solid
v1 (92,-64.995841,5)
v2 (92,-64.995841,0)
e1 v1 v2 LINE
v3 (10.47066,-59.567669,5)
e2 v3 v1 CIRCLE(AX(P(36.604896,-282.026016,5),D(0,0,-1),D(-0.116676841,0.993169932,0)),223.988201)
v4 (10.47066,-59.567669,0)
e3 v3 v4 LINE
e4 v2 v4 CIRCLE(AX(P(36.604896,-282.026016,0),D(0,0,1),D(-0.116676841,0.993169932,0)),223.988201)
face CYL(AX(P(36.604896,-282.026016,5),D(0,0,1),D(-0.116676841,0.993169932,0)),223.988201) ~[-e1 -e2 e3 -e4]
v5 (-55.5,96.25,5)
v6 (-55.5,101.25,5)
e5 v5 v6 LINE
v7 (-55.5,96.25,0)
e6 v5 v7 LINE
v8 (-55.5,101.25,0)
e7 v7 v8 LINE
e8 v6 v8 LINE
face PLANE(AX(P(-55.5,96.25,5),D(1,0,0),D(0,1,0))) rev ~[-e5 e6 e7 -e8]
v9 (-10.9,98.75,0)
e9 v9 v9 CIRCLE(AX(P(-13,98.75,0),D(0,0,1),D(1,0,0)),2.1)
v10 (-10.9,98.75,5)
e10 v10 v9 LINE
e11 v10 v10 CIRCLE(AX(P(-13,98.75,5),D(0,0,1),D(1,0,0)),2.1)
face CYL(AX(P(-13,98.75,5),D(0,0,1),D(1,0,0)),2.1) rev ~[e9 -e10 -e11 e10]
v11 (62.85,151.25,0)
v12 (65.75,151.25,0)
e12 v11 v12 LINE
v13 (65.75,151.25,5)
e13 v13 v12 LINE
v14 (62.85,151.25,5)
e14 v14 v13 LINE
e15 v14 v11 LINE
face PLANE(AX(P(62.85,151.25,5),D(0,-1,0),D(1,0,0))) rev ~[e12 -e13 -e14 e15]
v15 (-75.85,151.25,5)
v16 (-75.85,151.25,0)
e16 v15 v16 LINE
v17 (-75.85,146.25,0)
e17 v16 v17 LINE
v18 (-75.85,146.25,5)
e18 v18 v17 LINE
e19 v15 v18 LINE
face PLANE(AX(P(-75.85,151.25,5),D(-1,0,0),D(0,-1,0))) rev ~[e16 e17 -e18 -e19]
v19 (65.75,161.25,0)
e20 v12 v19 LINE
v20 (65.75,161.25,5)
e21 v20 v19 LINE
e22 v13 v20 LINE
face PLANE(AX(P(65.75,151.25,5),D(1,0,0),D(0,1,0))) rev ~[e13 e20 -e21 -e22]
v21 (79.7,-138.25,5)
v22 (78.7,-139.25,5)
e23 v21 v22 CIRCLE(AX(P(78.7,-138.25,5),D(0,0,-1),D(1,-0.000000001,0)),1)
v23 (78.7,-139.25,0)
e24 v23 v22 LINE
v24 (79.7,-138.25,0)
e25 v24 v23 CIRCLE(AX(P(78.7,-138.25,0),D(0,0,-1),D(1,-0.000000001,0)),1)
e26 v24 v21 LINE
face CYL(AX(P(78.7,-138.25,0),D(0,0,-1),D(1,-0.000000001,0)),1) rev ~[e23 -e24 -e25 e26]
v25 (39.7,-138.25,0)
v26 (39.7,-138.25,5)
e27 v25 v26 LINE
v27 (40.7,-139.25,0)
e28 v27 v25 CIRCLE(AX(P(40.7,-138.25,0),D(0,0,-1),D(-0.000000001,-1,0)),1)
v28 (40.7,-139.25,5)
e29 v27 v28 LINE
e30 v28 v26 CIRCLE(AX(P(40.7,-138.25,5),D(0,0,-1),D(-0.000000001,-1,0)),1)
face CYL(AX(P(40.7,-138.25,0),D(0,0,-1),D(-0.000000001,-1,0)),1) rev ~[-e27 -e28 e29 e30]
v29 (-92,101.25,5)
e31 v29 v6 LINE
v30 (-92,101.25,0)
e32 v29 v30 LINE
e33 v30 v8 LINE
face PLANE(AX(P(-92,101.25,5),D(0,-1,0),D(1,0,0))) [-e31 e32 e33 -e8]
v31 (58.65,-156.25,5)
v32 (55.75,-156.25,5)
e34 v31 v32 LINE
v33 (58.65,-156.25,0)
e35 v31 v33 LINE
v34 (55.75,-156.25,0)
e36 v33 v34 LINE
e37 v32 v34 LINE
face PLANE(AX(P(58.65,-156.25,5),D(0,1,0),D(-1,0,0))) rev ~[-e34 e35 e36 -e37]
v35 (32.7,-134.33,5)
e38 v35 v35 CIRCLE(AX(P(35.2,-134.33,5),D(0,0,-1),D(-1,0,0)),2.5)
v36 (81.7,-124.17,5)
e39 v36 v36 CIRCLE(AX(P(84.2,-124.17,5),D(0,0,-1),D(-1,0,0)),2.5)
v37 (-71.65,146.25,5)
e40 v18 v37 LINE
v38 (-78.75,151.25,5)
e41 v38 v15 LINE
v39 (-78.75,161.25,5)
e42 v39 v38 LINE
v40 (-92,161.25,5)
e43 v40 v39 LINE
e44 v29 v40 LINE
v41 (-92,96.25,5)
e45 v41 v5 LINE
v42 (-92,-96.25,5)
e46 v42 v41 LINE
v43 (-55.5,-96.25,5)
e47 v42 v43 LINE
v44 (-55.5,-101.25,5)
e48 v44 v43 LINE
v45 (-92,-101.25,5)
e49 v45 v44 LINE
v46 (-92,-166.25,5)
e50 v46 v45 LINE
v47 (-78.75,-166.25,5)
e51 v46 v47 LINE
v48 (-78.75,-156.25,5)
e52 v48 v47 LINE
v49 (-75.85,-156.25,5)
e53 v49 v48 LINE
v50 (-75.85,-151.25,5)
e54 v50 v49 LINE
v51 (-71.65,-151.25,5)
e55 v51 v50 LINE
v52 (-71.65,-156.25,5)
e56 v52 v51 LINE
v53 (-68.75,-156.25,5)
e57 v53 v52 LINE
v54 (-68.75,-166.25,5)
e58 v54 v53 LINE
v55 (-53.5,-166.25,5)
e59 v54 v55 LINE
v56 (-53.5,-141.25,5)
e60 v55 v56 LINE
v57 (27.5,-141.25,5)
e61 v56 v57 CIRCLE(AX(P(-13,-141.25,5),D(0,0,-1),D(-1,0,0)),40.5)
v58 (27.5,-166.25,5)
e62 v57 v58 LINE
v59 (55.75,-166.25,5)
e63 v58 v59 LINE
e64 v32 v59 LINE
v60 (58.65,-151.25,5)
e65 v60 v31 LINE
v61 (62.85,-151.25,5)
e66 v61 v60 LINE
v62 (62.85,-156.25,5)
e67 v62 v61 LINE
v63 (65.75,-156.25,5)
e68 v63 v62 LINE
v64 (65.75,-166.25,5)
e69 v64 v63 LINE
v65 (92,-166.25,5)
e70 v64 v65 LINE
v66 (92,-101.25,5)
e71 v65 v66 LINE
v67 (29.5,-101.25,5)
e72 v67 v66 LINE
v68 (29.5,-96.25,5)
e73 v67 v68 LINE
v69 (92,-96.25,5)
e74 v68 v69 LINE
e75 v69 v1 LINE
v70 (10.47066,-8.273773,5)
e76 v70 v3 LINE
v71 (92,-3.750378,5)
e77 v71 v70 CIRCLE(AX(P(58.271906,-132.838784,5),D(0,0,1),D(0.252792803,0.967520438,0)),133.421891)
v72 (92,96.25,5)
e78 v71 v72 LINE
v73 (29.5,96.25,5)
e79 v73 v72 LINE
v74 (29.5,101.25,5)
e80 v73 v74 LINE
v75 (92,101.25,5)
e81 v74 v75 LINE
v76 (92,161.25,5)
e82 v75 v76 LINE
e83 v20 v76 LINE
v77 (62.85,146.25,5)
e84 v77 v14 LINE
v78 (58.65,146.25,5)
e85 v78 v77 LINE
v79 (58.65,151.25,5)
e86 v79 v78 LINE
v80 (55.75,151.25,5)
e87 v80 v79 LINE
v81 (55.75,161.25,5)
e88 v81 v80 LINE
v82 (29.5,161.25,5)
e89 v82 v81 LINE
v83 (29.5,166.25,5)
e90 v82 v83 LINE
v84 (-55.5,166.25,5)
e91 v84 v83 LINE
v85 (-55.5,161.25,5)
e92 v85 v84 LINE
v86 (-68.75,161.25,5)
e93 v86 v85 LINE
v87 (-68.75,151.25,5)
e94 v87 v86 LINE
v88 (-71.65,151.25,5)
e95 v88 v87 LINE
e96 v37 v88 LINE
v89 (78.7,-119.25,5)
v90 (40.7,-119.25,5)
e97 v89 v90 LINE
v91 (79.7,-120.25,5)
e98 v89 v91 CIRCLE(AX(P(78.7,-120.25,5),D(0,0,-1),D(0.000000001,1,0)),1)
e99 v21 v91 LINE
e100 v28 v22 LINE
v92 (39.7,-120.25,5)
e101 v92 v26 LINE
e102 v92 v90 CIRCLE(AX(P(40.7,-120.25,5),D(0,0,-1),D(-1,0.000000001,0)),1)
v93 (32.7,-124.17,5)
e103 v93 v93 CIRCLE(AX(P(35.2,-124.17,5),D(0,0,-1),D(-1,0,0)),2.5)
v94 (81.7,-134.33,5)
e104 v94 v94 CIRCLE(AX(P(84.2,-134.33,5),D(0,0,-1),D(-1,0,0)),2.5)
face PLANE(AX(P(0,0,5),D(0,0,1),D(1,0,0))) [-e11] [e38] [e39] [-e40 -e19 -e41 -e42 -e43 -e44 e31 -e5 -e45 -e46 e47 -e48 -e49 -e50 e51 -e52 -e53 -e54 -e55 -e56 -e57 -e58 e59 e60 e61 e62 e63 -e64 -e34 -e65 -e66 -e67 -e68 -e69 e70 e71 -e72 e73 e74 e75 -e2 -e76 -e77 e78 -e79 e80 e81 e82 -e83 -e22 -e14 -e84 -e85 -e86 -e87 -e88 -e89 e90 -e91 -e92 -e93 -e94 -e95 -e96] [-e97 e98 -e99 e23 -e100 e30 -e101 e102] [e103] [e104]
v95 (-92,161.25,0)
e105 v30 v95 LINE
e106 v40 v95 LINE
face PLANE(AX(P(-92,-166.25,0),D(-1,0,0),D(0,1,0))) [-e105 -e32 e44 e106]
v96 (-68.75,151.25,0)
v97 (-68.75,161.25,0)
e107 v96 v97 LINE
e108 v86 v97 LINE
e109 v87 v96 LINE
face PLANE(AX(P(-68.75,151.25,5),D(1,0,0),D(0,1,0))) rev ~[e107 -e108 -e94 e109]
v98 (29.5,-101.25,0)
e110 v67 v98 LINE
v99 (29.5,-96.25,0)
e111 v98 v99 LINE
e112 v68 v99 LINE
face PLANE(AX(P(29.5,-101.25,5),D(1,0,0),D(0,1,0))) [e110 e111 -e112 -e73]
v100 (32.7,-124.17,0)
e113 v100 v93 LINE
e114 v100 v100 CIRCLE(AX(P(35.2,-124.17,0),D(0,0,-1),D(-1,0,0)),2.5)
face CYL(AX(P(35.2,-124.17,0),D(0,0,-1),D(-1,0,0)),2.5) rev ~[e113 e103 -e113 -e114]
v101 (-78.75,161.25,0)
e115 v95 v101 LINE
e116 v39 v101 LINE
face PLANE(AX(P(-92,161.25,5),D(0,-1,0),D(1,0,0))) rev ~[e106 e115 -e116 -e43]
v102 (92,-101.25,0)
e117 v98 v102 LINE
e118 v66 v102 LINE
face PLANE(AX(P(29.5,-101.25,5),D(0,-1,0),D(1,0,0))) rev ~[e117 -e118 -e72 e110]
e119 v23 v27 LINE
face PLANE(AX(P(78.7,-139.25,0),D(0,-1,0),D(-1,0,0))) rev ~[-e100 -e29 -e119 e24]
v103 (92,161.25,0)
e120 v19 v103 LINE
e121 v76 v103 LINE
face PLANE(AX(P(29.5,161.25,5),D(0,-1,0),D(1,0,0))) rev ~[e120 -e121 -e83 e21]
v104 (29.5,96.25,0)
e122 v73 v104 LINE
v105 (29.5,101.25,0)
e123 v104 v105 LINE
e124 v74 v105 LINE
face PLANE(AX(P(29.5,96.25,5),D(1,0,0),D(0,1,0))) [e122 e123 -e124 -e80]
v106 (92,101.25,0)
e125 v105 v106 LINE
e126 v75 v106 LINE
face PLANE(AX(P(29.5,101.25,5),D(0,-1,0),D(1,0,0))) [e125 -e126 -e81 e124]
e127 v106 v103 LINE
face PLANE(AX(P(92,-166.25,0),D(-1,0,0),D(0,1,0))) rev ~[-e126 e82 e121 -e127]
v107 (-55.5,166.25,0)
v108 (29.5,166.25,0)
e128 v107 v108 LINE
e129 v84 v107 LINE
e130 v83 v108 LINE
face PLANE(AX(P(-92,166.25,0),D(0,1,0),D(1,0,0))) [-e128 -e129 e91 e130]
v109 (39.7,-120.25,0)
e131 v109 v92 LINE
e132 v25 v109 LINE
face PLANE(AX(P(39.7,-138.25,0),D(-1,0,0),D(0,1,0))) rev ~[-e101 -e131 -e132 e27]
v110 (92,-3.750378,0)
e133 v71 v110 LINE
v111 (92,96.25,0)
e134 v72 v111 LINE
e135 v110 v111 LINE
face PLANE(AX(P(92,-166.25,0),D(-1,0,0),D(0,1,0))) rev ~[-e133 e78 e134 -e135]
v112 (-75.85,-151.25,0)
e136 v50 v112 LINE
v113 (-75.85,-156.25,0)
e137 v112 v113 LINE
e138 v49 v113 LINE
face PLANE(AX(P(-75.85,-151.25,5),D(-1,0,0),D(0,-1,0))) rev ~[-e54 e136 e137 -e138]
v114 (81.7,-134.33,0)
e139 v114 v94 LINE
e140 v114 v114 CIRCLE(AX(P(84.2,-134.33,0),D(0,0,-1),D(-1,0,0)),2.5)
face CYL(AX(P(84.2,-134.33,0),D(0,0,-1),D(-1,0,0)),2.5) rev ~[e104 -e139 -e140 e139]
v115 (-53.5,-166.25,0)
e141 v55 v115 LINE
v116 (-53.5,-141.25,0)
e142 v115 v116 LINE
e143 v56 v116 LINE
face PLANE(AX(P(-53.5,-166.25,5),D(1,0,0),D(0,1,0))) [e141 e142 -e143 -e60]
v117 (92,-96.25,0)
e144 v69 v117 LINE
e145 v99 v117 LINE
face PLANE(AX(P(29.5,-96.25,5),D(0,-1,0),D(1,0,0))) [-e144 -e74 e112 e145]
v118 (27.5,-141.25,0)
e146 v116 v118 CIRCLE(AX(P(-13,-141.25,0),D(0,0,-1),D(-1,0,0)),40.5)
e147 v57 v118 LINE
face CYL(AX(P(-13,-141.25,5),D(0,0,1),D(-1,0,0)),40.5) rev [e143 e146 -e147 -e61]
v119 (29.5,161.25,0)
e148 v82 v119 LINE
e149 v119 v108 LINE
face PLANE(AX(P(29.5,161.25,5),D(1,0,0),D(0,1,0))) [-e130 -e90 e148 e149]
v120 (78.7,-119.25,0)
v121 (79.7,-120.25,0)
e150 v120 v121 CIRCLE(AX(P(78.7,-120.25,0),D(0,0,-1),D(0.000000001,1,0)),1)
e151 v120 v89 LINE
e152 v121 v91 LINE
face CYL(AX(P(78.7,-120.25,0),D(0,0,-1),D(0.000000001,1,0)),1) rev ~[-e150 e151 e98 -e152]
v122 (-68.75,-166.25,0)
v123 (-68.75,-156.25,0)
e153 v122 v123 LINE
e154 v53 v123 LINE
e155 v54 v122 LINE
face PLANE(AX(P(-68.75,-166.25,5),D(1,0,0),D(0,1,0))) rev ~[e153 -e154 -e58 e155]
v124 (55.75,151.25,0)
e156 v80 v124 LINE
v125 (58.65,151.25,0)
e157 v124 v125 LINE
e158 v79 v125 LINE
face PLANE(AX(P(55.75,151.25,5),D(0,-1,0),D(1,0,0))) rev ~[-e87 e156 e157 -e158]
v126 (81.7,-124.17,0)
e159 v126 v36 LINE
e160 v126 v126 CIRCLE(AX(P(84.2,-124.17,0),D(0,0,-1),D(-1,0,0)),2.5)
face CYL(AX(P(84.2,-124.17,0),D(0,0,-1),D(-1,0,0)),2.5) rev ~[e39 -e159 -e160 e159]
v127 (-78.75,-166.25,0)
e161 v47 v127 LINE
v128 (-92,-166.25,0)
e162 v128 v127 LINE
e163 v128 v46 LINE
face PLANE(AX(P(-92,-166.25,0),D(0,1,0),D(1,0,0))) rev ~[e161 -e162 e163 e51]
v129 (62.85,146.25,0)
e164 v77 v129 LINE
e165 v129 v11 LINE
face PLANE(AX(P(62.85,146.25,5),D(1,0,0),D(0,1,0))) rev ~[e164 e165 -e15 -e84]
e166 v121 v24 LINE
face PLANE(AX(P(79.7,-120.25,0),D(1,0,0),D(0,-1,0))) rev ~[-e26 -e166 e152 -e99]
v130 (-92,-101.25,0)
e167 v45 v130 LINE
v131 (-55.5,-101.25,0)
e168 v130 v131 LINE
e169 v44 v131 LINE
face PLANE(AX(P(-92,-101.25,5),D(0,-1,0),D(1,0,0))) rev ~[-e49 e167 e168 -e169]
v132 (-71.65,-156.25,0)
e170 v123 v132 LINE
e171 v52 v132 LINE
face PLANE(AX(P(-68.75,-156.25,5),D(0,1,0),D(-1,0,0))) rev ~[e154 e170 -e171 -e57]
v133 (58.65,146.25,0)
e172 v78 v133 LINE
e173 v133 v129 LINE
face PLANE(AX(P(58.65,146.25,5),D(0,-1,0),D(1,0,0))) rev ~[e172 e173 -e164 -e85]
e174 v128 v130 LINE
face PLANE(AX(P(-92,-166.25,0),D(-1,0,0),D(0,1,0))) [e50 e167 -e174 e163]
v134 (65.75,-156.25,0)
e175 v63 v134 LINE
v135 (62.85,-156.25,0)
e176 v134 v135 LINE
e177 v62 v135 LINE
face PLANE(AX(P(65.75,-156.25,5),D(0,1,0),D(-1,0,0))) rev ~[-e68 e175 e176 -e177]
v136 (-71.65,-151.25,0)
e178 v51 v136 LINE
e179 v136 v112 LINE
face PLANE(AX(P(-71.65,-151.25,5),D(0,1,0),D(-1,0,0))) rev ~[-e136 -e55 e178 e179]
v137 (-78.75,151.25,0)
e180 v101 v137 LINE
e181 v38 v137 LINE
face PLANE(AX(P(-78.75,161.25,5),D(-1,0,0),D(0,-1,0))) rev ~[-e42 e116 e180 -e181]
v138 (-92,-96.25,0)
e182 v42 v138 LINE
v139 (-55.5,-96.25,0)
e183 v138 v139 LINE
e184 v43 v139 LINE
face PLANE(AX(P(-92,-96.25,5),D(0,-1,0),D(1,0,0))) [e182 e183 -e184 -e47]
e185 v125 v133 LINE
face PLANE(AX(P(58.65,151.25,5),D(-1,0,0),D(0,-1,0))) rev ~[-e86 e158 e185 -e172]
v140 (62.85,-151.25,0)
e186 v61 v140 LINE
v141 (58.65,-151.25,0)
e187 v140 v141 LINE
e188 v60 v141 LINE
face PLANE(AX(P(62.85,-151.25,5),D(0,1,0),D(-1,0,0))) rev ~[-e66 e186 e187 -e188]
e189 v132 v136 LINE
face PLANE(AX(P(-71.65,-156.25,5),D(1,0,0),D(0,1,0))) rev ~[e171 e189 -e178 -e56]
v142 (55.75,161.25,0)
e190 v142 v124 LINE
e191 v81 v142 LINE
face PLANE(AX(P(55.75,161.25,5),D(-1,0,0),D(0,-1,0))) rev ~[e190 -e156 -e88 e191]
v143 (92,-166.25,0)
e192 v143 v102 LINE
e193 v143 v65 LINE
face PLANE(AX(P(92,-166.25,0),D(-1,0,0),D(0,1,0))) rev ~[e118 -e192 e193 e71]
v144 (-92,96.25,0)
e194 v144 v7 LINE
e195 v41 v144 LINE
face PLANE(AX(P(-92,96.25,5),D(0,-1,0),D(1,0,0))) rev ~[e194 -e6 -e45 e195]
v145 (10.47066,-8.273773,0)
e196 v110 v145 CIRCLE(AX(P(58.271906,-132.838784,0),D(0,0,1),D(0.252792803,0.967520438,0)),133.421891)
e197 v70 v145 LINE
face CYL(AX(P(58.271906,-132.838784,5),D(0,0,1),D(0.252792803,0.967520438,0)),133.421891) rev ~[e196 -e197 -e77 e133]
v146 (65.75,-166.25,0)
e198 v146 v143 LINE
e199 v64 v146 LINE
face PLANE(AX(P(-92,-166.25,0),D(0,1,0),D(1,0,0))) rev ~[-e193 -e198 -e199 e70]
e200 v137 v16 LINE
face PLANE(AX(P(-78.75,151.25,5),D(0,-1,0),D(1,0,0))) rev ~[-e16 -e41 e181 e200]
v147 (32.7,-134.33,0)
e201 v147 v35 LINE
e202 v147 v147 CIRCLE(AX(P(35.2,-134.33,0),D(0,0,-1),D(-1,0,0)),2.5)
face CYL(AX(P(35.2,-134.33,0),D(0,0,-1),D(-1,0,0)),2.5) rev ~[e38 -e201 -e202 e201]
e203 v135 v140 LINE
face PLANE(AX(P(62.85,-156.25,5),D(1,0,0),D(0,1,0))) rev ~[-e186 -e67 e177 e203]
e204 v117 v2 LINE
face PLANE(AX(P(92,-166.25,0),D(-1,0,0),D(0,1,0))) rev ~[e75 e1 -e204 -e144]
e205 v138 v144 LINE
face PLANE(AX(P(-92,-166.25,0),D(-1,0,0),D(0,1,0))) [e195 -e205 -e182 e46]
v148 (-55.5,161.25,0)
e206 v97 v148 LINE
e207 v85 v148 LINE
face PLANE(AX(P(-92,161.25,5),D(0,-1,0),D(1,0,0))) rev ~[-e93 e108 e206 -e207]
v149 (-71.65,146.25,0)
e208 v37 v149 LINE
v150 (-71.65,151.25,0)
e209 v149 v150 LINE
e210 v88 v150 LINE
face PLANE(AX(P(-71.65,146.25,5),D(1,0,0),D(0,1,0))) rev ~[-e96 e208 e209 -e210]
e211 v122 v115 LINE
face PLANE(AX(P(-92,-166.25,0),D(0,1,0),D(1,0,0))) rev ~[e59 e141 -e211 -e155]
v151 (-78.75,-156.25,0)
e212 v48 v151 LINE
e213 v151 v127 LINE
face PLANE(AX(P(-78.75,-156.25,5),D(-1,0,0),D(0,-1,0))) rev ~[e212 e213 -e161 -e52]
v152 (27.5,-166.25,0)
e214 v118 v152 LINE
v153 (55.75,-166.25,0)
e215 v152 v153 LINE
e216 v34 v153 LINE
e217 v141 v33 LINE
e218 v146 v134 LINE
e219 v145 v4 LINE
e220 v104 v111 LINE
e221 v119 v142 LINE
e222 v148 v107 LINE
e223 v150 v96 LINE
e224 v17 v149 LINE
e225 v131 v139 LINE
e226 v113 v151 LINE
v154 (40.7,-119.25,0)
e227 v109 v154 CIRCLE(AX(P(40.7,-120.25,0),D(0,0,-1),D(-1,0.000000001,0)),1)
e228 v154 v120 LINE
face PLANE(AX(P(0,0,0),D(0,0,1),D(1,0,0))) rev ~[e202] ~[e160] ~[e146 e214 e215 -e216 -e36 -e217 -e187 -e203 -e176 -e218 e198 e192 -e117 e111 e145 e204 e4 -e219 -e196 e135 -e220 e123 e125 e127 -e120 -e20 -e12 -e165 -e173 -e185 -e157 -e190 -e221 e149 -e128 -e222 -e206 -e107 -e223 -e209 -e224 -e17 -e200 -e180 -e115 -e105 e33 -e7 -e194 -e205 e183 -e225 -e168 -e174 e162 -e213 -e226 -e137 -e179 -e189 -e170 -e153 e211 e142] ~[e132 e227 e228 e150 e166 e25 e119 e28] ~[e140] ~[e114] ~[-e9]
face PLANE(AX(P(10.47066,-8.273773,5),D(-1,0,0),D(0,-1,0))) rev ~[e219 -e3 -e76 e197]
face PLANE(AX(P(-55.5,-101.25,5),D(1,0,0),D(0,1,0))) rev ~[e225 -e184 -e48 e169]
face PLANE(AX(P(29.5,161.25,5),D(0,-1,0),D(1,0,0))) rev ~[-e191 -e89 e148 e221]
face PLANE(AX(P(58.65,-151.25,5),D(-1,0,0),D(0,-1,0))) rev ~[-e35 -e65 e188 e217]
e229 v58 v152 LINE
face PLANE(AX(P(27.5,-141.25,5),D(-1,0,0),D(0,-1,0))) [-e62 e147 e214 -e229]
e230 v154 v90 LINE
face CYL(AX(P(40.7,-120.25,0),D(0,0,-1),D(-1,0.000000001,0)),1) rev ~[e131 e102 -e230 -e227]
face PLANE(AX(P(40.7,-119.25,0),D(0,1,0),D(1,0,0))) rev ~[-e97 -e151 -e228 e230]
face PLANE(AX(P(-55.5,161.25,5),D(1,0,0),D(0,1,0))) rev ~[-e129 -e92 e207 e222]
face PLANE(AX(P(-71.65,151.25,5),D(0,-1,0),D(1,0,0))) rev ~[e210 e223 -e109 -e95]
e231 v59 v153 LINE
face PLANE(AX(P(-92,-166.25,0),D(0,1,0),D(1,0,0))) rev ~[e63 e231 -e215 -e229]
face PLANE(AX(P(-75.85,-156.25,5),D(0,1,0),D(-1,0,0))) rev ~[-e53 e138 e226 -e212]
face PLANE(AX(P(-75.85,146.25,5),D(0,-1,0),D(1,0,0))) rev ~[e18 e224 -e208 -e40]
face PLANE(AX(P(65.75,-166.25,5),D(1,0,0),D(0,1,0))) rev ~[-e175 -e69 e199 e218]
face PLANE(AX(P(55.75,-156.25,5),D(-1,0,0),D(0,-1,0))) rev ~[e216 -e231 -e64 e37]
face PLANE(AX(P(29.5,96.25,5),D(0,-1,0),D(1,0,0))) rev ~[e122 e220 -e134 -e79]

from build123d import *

# Parameters (mm, degrees)
SKETCH2_W               = 184
SKETCH2_H               = 332.5
BOSS_EXTRUDE1_DEPTH     = 5
SKETCH3_W               = 36.5
SKETCH3_H               = 5
SKETCH3_W_2             = 62.5
CUT_EXTRUDE1_DEPTH      = 5
CUT_EXTRUDE2_DEPTH      = 10
SKETCH5_R               = 2.1
CUT_EXTRUDE3_DEPTH      = 10
ESQUISSE1_R             = 2.5
ENL_V_MAT_EXTRU_1_DEPTH = 10
ENL_V_MAT_EXTRU_2_DEPTH = 10


with BuildPart() as part:
    # Sketch2 → Boss-Extrude1 (new body)
    with BuildSketch(Plane.XY):
        Rectangle(SKETCH2_W, SKETCH2_H)
    extrude(amount=BOSS_EXTRUDE1_DEPTH)

    # Sketch3 → Cut-Extrude1 (cut)
    with BuildSketch(Plane.XY.offset(5)):
        with Locations((-73.75, -98.75)):
            Rectangle(SKETCH3_W, SKETCH3_H)
        with Locations((60.75, -98.75)):
            Rectangle(SKETCH3_W_2, SKETCH3_H)
        with Locations((-73.75, 163.75)):
            Rectangle(SKETCH3_W, SKETCH3_H)
        with Locations((60.75, 163.75)):
            Rectangle(SKETCH3_W_2, SKETCH3_H)
        with Locations((60.75, 98.75)):
            Rectangle(SKETCH3_W_2, SKETCH3_H)
        with BuildLine():
            Line((27.5, -141.25), (27.5, -166.25))
            Line((27.5, -166.25), (-53.5, -166.25))
            Line((-53.5, -166.25), (-53.5, -141.25))
            ThreePointArc((-53.5, -141.25), (-13, -100.75), (27.5, -141.25))
        make_face()
        with Locations((-73.75, 98.75)):
            Rectangle(SKETCH3_W, SKETCH3_H)
    extrude(amount=-CUT_EXTRUDE1_DEPTH, mode=Mode.SUBTRACT)

    # Sketch4 → Cut-Extrude2 (cut)
    with BuildSketch(Plane.XY.offset(5)):
        Polygon((55.75, 161.25), (55.75, 151.25), (58.65, 151.25), (58.65, 146.25), (62.85, 146.25), (62.85, 151.25), (65.75, 151.25), (65.75, 161.25), align=None)
        Polygon((-78.75, 161.25), (-78.75, 151.25), (-75.85, 151.25), (-75.85, 146.25), (-71.65, 146.25), (-71.65, 151.25), (-68.75, 151.25), (-68.75, 161.25), align=None)
        Polygon((65.75, -166.25), (65.75, -156.25), (62.85, -156.25), (62.85, -151.25), (58.65, -151.25), (58.65, -156.25), (55.75, -156.25), (55.75, -166.25), align=None)
        Polygon((-68.75, -166.25), (-68.75, -156.25), (-71.65, -156.25), (-71.65, -151.25), (-75.85, -151.25), (-75.85, -156.25), (-78.75, -156.25), (-78.75, -166.25), align=None)
    extrude(amount=-CUT_EXTRUDE2_DEPTH, mode=Mode.SUBTRACT)

    # Sketch5 → Cut-Extrude3 (cut)
    with BuildSketch(Plane.XY.offset(5)):
        with Locations((-13, 98.75)):
            Circle(SKETCH5_R)
    extrude(amount=-CUT_EXTRUDE3_DEPTH, mode=Mode.SUBTRACT)

    # Esquisse1 → Enlèv. mat.-Extru.1 (cut)
    with BuildSketch(Plane(origin=(0, 0, 0), x_dir=(-1, 0, 0), z_dir=(0, 0, -1))):
        with Locations((-35.2, -134.33)):
            Circle(ESQUISSE1_R)
        with Locations((-35.2, -124.17)):
            Circle(ESQUISSE1_R)
        with Locations((-84.2, -134.33)):
            Circle(ESQUISSE1_R)
        with Locations((-84.2, -124.17)):
            Circle(ESQUISSE1_R)
        with BuildLine():
            Line((-40.7, -119.25), (-78.7, -119.25))
            ThreePointArc((-78.7, -119.25), (-79.407106781, -119.542893219), (-79.7, -120.25))
            Line((-79.7, -120.25), (-79.7, -138.25))
            ThreePointArc((-79.7, -138.25), (-79.407106781, -138.957106781), (-78.7, -139.25))
            Line((-78.7, -139.25), (-40.7, -139.25))
            ThreePointArc((-40.7, -139.25), (-39.992893219, -138.957106781), (-39.7, -138.25))
            Line((-39.7, -138.25), (-39.7, -120.25))
            ThreePointArc((-39.7, -120.25), (-39.992893219, -119.542893219), (-40.7, -119.25))
        make_face()
    extrude(amount=-ENL_V_MAT_EXTRU_1_DEPTH, mode=Mode.SUBTRACT)

    # Esquisse2 → Enlèv. mat.-Extru.2 (cut)
    with BuildSketch(Plane.XY.offset(5)):
        with BuildLine():
            Line((10.470660362, -8.273773364), (10.470660362, -59.567669296))
            ThreePointArc((10.470660362, -59.567669296), (51.484945295, -58.532619163), (92, -64.995841242))
            Line((92, -64.995841242), (92, -3.75037767))
            ThreePointArc((92, -3.75037767), (50.880784547, 0.378228003), (10.470660362, -8.273773364))
        make_face()
    extrude(amount=-ENL_V_MAT_EXTRU_2_DEPTH, mode=Mode.SUBTRACT)


solid = part.part
